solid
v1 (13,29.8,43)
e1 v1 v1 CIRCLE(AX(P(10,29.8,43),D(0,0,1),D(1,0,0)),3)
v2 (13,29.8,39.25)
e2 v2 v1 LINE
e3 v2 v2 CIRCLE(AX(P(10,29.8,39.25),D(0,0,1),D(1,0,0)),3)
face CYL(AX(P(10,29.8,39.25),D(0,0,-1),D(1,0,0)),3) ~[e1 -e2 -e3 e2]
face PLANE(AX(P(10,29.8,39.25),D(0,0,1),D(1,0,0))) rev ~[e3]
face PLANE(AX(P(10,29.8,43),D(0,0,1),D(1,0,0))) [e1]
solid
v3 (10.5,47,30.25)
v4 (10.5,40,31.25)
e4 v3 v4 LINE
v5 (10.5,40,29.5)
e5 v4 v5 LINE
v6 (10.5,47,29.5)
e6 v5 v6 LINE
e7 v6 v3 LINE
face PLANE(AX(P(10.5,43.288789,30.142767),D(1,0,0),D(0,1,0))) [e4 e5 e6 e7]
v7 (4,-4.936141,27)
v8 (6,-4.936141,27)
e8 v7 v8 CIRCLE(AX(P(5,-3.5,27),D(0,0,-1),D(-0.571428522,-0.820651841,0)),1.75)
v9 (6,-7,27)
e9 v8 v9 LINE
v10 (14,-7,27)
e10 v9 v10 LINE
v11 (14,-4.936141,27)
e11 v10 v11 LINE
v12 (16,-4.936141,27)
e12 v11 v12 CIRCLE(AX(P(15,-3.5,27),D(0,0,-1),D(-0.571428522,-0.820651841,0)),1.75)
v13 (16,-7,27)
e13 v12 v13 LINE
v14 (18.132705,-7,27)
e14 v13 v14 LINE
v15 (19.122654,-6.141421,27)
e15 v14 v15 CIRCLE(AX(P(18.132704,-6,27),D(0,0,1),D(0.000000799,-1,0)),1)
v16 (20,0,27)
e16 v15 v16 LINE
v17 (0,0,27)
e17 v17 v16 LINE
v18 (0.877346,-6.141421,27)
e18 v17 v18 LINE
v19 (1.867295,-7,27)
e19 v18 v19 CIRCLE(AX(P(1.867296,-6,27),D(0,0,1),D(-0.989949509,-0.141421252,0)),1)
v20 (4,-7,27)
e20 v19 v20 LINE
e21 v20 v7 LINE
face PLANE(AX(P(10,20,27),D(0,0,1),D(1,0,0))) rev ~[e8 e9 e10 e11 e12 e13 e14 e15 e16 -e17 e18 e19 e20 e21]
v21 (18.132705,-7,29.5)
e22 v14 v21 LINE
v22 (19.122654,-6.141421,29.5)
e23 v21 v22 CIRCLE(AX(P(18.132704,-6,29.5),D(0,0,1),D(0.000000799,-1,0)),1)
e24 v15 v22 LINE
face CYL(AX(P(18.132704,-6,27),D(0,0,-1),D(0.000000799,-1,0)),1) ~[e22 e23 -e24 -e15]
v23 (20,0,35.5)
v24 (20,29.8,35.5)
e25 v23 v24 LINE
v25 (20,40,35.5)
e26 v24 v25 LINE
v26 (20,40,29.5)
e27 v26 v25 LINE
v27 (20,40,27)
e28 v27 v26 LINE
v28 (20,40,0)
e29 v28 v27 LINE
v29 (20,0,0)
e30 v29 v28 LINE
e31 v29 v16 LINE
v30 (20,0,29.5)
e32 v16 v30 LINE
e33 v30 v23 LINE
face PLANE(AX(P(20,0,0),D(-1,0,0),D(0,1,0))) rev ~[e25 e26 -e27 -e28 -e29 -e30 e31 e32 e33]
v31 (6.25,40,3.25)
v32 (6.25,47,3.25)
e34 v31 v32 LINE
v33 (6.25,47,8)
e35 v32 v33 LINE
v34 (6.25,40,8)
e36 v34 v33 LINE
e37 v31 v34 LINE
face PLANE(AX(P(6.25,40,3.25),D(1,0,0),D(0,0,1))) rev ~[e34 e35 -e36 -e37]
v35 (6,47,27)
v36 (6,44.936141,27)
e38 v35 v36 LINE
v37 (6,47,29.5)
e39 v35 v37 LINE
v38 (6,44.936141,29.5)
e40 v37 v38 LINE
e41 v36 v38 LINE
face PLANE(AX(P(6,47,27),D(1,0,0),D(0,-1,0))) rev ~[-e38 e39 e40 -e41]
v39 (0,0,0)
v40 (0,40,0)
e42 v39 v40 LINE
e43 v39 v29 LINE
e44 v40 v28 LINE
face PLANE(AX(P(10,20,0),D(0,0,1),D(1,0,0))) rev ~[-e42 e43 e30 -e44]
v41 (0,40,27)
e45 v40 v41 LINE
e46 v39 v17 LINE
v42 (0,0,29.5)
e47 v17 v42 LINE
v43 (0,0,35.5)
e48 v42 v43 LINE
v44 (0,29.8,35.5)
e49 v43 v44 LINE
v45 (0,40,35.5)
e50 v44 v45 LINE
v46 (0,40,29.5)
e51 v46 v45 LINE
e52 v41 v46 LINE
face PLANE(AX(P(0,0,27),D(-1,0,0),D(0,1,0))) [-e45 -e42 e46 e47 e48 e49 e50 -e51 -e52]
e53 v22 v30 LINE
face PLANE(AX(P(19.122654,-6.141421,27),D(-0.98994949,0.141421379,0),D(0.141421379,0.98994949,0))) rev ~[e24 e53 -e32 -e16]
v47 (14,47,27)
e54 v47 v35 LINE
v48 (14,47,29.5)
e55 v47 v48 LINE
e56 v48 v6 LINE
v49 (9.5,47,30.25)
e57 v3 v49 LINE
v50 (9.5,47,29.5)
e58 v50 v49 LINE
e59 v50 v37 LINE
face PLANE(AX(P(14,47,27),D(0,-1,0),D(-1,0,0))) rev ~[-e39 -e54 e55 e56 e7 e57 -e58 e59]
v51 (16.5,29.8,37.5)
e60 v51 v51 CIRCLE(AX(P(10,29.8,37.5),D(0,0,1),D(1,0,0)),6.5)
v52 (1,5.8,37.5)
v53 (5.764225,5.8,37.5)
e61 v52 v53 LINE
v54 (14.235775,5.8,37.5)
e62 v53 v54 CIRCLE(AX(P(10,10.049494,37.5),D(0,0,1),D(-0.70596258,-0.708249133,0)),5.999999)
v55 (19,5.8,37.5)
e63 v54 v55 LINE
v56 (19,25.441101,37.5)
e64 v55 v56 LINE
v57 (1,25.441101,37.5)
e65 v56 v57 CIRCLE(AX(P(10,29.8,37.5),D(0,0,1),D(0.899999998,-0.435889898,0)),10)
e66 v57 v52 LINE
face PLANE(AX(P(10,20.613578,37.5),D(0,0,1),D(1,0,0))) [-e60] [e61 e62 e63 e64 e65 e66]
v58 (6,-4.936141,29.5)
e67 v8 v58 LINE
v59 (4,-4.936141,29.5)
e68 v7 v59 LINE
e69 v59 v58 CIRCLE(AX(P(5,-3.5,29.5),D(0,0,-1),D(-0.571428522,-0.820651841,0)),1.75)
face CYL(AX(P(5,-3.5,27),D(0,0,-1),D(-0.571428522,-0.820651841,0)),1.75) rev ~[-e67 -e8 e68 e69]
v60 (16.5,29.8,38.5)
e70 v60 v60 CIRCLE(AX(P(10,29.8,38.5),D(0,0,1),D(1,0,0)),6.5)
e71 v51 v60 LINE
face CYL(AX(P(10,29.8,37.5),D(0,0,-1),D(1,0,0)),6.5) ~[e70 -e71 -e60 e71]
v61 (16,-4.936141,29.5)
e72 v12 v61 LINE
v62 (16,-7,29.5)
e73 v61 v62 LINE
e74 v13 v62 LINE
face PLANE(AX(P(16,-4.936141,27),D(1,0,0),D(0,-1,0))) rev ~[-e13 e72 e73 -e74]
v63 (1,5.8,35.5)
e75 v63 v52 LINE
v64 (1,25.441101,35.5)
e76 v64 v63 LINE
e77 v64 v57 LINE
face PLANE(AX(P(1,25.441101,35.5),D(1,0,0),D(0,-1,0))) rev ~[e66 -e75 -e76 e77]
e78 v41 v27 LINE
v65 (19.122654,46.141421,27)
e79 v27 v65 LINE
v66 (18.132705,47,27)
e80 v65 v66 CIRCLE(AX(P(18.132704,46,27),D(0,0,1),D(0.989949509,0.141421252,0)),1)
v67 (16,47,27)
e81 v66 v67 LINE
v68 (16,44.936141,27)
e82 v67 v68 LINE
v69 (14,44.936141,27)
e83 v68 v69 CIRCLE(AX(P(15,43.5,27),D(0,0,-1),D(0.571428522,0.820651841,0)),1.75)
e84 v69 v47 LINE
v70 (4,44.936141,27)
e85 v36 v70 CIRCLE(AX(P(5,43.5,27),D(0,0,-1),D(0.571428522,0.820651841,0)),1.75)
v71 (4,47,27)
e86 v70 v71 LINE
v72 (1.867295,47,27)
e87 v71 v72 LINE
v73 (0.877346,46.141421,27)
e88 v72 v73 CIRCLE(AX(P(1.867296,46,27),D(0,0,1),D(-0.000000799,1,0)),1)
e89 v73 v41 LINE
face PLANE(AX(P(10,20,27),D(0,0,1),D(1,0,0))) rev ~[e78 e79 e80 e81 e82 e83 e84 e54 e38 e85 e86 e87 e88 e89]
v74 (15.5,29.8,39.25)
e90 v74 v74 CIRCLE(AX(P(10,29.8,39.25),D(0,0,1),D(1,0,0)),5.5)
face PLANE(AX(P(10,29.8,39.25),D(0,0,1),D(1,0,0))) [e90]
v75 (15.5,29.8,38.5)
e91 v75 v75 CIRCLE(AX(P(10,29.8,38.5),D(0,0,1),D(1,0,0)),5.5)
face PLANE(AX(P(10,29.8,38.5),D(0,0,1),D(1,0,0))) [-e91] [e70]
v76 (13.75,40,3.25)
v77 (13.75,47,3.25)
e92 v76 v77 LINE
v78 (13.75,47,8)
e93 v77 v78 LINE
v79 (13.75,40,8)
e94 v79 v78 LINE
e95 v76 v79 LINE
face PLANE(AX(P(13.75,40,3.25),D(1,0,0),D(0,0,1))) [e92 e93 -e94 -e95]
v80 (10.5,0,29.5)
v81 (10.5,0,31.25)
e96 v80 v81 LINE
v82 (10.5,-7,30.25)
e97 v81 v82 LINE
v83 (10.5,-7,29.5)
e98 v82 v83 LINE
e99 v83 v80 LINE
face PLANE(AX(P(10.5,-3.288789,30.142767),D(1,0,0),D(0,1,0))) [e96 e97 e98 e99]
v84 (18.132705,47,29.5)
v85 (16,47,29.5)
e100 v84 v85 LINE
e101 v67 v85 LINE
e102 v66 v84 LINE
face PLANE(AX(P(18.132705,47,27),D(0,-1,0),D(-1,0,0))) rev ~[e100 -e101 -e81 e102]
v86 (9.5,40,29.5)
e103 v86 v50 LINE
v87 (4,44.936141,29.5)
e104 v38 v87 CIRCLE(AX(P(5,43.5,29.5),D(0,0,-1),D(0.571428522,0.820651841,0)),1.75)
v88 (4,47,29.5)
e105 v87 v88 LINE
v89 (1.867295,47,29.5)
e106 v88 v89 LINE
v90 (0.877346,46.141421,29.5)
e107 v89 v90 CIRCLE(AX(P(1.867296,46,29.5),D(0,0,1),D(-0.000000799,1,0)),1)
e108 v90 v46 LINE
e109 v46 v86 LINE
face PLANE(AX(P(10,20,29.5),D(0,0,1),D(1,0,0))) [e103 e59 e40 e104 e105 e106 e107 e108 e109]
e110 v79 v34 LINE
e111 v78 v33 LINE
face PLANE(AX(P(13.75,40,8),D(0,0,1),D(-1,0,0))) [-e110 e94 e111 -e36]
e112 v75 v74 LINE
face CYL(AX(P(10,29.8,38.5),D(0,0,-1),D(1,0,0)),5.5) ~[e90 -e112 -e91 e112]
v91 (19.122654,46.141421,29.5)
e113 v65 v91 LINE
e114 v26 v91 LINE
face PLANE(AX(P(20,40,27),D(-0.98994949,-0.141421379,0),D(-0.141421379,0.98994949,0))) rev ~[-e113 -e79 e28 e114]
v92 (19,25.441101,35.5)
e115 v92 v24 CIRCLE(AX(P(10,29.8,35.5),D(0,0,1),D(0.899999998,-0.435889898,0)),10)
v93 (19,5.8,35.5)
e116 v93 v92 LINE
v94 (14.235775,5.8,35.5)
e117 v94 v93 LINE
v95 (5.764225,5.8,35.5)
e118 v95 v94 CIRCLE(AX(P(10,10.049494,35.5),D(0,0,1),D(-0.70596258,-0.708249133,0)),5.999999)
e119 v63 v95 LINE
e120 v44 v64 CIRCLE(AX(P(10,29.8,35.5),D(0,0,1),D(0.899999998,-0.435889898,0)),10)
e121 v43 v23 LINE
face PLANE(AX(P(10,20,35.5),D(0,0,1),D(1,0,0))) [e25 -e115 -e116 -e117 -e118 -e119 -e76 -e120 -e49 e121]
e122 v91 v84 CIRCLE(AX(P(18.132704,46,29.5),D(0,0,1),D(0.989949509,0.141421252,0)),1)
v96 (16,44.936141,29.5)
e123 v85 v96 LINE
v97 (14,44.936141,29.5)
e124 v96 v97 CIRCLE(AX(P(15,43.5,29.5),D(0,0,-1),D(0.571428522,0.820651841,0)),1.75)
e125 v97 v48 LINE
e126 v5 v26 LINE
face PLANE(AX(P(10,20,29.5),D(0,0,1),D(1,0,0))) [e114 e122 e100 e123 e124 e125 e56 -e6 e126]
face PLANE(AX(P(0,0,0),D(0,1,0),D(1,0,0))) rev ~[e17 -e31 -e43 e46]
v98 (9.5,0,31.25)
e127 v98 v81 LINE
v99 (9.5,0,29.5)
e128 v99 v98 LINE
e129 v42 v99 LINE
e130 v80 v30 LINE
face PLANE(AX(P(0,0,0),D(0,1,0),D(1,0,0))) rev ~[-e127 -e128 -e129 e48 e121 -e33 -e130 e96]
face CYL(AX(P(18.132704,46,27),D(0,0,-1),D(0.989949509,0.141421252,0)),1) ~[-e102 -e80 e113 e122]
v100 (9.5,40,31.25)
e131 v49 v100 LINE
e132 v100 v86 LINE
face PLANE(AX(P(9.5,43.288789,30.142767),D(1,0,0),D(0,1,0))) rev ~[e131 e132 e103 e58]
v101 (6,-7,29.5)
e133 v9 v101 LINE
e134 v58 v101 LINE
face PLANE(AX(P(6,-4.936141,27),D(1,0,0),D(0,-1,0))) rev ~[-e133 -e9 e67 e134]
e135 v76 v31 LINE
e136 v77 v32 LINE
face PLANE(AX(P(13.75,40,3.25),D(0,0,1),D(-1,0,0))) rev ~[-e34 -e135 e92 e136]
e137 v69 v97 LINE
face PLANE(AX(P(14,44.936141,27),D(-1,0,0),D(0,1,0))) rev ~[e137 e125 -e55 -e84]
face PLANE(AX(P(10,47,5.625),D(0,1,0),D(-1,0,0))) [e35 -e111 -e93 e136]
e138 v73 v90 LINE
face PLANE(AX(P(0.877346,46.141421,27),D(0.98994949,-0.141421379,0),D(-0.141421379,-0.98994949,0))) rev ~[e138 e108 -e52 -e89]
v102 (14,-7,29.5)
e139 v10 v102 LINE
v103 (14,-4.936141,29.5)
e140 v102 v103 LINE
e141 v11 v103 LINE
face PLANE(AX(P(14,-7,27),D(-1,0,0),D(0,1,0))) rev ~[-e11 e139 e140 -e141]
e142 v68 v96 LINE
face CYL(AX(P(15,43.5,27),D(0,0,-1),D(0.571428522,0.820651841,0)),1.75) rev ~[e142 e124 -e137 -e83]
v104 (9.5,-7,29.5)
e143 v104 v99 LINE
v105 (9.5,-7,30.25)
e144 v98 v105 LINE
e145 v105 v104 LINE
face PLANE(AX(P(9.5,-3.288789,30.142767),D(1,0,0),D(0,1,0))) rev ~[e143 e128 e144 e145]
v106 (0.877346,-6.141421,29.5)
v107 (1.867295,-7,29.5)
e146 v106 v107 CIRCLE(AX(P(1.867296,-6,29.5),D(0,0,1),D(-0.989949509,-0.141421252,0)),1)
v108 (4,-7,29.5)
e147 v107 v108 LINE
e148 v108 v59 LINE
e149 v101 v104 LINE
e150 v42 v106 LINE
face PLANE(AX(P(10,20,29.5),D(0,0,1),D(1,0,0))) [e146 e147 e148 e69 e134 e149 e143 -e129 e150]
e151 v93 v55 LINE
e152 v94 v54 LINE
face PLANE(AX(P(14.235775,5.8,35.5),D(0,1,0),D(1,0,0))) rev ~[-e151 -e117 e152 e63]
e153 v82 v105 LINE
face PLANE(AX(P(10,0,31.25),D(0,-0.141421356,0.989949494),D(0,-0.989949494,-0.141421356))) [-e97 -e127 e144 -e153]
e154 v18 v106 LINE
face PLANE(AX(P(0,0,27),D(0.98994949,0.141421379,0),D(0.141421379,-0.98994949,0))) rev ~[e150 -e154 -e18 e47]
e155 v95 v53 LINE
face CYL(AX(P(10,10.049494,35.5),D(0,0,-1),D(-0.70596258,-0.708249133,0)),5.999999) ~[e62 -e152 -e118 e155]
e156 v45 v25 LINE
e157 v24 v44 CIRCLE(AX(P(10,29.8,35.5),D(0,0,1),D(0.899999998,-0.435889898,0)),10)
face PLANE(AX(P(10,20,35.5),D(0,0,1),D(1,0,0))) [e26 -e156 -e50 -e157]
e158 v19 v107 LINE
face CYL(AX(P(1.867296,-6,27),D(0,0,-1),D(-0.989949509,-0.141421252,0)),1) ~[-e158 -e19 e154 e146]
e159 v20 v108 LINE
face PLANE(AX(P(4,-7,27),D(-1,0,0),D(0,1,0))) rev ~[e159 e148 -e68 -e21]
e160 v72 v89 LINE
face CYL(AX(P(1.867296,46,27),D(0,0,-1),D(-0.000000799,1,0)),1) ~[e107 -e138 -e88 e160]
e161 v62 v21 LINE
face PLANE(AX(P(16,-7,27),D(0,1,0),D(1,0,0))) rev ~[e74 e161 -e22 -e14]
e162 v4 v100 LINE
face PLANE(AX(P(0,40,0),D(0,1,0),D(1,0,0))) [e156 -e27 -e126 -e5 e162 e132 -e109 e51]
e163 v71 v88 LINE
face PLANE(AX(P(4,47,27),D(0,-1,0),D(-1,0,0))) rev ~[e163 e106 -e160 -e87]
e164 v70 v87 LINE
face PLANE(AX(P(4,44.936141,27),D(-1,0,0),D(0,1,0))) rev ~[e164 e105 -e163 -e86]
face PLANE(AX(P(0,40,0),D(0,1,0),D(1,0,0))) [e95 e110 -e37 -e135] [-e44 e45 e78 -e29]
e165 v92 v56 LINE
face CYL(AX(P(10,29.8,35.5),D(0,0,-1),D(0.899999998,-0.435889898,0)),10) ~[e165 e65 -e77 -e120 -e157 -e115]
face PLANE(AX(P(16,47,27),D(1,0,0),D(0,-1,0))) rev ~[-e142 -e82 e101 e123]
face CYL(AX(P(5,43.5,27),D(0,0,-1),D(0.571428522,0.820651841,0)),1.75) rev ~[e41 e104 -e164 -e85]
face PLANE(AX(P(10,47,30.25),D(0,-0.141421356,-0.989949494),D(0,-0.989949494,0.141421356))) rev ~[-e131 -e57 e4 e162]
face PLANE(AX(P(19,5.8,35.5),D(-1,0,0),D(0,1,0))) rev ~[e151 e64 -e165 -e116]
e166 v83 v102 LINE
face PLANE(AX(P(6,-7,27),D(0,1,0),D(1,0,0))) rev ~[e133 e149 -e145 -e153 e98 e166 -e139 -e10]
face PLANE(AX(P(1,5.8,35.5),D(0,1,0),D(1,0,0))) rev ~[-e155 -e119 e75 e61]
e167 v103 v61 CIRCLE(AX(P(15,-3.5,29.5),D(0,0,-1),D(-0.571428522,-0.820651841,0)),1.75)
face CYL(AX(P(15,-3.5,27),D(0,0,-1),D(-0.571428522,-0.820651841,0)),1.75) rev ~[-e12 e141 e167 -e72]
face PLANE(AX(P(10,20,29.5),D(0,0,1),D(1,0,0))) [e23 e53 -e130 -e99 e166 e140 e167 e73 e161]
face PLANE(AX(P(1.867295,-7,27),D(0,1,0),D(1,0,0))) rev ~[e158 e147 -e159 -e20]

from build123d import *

# Parameters (mm, degrees)
F0_W      = 20
F0_H      = 40
F1_DEPTH  = 35.5
F3_W      = 20
F3_H      = 40
F4_DEPTH  = 2.5
F7_DEPTH  = 0.5
F9_DEPTH  = 2
F10_R     = 6.5
F11_DEPTH = 1
F12_R     = 5.5
F13_DEPTH = 0.75
F14_R     = 3
F15_DEPTH = 3.75
F16_W     = 7.5
F16_H     = 4.75
F17_DEPTH = 7


with BuildPart() as f1:
    # F0 (on Top) → F1 (new body)
    with BuildSketch(Plane.XY):
        with Locations((10, 20)):
            Rectangle(F0_W, F0_H)
    extrude(amount=F1_DEPTH)

    # F3 (on offset) → F4 (join)
    with BuildSketch(Plane.XY.offset(27)):
        with Locations((10, 20)):
            Rectangle(F3_W, F3_H)
        with BuildLine():
            Line((0, 40), (20, 40))
            Line((20, 40), (19.122654, 46.141421))
            ThreePointArc((19.122654, 46.141421), (18.787906, 46.755454), (18.132705, 47))
            Line((18.132705, 47), (16, 47))
            Line((16, 47), (16, 44.936141))
            ThreePointArc((16, 44.936141), (15, 41.75), (14, 44.936141))
            Line((14, 44.936141), (14, 47))
            Line((14, 47), (6, 47))
            Line((6, 47), (6, 44.936141))
            ThreePointArc((6, 44.936141), (5, 41.75), (4, 44.936141))
            Line((4, 44.936141), (4, 47))
            Line((4, 47), (1.867295, 47))
            ThreePointArc((1.867295, 47), (1.212094, 46.755454), (0.877346, 46.141421))
            Line((0.877346, 46.141421), (0, 40))
        make_face()
        with BuildLine():
            Line((19.122654, -6.141421), (20, 0))
            Line((20, 0), (0, 0))
            Line((0, 0), (0.877346, -6.141421))
            ThreePointArc((0.877346, -6.141421), (1.212094, -6.755454), (1.867295, -7))
            Line((1.867295, -7), (4, -7))
            Line((4, -7), (4, -4.936141))
            ThreePointArc((4, -4.936141), (5, -1.75), (6, -4.936141))
            Line((6, -4.936141), (6, -7))
            Line((6, -7), (14, -7))
            Line((14, -7), (14, -4.936141))
            ThreePointArc((14, -4.936141), (15, -1.75), (16, -4.936141))
            Line((16, -4.936141), (16, -7))
            Line((16, -7), (18.132705, -7))
            ThreePointArc((18.132705, -7), (18.787906, -6.755454), (19.122654, -6.141421))
        make_face()
    extrude(amount=F4_DEPTH)

    # F6 (on offset) → F7 (join, symmetric)
    with BuildSketch(Plane.YZ.offset(10)):
        Polygon((40, 31.25), (40, 29.5), (47, 29.5), (47, 30.25), align=None)
        Polygon((-7, 29.5), (0, 29.5), (0, 31.25), (-7, 30.25), align=None)
    extrude(amount=F7_DEPTH, both=True)

    # F8 (on face) → F9 (join)
    with BuildSketch(Plane.XY.offset(35.5)):
        with BuildLine():
            Line((19, 5.8), (19, 25.441101))
            ThreePointArc((19, 25.441101), (10, 39.8), (1, 25.441101))
            Line((1, 25.441101), (1, 5.8))
            Line((1, 5.8), (5.764225, 5.8))
            ThreePointArc((5.764225, 5.8), (10, 4.049495), (14.235775, 5.8))
            Line((14.235775, 5.8), (19, 5.8))
        make_face()
    extrude(amount=F9_DEPTH)

    # F10 (on face) → F11 (join)
    with BuildSketch(Plane.XY.offset(37.5)):
        with Locations((10, 29.8)):
            Circle(F10_R)
    extrude(amount=F11_DEPTH)

    # F12 (on face) → F13 (join)
    with BuildSketch(Plane.XY.offset(38.5)):
        with Locations((10, 29.8)):
            Circle(F12_R)
    extrude(amount=F13_DEPTH)

    # F16 (on face) → F17 (join)
    with BuildSketch(Plane(origin=(0, 40, 0), x_dir=(-1, 0, 0), z_dir=(0, 1, 0))):
        with Locations((-10, 5.625)):
            Rectangle(F16_W, F16_H)
    extrude(amount=F17_DEPTH)


with BuildPart() as f15:
    # F14 (on face) → F15 (new body)
    with BuildSketch(Plane.XY.offset(39.25)):
        with Locations((10, 29.8)):
            Circle(F14_R)
    extrude(amount=F15_DEPTH)


solid = Compound([f1.part, f15.part])
